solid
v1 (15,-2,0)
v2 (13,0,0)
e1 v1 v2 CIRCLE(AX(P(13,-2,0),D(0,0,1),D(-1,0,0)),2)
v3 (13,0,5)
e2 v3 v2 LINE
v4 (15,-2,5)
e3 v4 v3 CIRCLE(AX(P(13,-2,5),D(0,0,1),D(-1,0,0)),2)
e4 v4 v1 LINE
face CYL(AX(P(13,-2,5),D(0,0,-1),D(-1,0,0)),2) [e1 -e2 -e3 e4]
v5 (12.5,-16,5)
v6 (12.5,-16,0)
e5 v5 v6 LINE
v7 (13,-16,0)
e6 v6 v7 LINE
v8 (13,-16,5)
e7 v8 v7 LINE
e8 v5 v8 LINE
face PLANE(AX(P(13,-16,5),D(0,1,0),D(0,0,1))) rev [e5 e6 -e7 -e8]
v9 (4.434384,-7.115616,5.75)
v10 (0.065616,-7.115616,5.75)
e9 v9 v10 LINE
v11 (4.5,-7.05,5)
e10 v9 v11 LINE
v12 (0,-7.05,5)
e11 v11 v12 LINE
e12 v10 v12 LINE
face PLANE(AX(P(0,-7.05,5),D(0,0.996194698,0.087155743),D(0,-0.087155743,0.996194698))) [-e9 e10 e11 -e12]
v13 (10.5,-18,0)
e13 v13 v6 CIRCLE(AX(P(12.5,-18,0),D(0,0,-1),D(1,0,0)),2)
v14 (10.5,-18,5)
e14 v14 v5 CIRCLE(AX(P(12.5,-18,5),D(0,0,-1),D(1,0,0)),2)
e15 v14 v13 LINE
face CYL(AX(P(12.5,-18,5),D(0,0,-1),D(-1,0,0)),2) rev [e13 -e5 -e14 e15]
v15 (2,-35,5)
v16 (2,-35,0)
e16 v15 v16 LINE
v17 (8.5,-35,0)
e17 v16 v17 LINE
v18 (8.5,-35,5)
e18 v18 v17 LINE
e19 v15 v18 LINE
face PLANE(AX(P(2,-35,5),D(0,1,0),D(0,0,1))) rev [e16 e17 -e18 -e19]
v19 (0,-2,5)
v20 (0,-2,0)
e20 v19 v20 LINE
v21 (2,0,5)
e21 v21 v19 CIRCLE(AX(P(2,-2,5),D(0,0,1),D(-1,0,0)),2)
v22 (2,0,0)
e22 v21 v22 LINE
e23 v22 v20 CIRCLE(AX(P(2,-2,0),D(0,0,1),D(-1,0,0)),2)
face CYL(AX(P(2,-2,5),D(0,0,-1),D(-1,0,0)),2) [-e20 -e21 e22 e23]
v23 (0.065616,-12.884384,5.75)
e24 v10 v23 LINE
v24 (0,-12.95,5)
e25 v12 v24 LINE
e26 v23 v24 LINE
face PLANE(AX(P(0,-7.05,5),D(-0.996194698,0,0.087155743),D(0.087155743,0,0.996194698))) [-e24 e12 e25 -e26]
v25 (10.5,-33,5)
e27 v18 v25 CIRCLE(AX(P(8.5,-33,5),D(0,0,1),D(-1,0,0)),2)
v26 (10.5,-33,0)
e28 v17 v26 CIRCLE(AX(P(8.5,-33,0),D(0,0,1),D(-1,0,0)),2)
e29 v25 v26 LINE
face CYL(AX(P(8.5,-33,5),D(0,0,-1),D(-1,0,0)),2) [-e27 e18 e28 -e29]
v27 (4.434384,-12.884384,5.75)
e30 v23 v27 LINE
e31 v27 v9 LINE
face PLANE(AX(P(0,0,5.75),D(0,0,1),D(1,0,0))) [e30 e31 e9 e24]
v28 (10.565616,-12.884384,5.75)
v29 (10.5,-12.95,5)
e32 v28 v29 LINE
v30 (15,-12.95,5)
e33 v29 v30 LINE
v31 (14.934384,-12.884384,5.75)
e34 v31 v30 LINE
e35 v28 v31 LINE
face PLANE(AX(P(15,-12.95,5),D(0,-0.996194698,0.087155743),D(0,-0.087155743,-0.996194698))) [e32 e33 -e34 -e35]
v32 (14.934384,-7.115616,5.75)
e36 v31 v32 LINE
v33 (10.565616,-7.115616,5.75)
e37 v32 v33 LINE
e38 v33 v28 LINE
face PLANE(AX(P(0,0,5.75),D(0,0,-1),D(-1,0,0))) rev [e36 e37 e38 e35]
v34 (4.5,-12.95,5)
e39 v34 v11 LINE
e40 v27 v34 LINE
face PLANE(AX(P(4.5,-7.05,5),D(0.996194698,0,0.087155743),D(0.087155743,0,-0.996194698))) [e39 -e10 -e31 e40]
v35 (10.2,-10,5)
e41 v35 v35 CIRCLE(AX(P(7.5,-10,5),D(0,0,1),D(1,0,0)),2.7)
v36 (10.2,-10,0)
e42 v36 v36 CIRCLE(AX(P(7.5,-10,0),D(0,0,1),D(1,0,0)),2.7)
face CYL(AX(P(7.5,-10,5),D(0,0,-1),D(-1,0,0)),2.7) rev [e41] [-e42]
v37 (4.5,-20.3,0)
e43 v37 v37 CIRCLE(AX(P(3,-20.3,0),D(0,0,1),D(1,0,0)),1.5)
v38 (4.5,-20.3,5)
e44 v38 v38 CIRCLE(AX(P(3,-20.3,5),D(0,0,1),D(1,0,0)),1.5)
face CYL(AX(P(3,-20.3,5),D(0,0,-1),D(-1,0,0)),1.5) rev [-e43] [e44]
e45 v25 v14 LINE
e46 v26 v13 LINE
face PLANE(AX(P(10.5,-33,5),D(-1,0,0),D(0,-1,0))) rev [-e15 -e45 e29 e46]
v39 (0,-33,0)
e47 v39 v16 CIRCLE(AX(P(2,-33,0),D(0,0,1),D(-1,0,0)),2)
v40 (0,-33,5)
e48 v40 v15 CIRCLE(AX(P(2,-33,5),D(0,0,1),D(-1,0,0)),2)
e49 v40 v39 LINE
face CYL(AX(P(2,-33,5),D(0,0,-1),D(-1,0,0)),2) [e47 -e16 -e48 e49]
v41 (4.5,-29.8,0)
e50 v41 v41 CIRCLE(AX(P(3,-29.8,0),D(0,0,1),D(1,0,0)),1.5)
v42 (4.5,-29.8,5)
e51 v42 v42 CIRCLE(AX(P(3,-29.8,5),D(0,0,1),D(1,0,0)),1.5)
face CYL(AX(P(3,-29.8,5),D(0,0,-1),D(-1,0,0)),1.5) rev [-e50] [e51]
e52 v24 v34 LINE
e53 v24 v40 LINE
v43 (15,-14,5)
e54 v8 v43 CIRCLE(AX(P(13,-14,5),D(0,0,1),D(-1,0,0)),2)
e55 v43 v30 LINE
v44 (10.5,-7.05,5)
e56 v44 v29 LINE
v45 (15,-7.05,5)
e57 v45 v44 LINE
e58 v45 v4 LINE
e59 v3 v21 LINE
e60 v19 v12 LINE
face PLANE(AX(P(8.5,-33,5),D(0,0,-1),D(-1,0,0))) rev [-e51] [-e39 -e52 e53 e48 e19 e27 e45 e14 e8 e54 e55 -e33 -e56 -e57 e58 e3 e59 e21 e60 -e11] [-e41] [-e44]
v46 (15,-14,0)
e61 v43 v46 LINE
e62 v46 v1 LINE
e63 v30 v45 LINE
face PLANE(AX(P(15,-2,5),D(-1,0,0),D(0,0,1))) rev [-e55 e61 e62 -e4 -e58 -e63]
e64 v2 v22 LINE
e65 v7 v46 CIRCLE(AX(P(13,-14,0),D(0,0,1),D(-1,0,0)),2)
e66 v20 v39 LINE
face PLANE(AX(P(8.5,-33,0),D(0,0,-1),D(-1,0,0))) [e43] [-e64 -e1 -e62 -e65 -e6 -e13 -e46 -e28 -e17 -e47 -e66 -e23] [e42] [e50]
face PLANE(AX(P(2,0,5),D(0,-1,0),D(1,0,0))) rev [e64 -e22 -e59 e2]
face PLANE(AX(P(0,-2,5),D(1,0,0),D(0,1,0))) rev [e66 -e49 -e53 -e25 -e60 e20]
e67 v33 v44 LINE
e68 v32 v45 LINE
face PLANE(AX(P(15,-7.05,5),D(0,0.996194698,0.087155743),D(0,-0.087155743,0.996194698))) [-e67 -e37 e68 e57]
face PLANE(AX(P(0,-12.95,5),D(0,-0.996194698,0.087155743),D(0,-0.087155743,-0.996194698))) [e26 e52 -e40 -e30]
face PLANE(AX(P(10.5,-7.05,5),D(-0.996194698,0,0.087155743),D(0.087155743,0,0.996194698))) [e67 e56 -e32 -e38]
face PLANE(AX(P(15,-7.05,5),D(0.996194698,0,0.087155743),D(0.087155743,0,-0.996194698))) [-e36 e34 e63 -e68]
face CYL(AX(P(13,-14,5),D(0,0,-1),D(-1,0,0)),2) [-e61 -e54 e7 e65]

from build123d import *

# Parameters (mm, degrees)
SKETCH1_R           = 2.7
SKETCH1_R_2         = 1.5
BOSS_EXTRUDE1_DEPTH = 5
SKETCH2_W           = 4.5
SKETCH2_H           = 5.9
BOSS_EXTRUDE2_DEPTH = 0.75
BOSS_EXTRUDE2_TAPER = 5


with BuildPart() as part:
    # Sketch1 → Boss-Extrude1 (new body)
    with BuildSketch(Plane.XY):
        with BuildLine():
            Line((0, -2), (0, -33))
            ThreePointArc((0, -33), (0.585786438, -34.414213562), (2, -35))
            Line((2, -35), (8.5, -35))
            ThreePointArc((8.5, -35), (9.914213562, -34.414213562), (10.5, -33))
            Line((10.5, -33), (10.5, -18))
            ThreePointArc((10.5, -18), (11.085786438, -16.585786438), (12.5, -16))
            Line((12.5, -16), (13, -16))
            ThreePointArc((13, -16), (14.414213562, -15.414213562), (15, -14))
            Line((15, -14), (15, -2))
            ThreePointArc((15, -2), (14.414213562, -0.585786438), (13, 0))
            Line((13, 0), (2, 0))
            ThreePointArc((2, 0), (0.585786438, -0.585786438), (0, -2))
        make_face()
        with Locations((7.5, -10)):
            Circle(SKETCH1_R, mode=Mode.SUBTRACT)
        with Locations((3, -29.8)):
            Circle(SKETCH1_R_2, mode=Mode.SUBTRACT)
        with Locations((3, -20.3)):
            Circle(SKETCH1_R_2, mode=Mode.SUBTRACT)
    extrude(amount=BOSS_EXTRUDE1_DEPTH)

    # Sketch2 → Boss-Extrude2 (add)
    with BuildSketch(Plane.XY.offset(5)):
        with Locations((2.25, -10)):
            Rectangle(SKETCH2_W, SKETCH2_H)
        with Locations((12.75, -10)):
            Rectangle(SKETCH2_W, SKETCH2_H)
    extrude(amount=BOSS_EXTRUDE2_DEPTH, taper=BOSS_EXTRUDE2_TAPER)


solid = part.part
